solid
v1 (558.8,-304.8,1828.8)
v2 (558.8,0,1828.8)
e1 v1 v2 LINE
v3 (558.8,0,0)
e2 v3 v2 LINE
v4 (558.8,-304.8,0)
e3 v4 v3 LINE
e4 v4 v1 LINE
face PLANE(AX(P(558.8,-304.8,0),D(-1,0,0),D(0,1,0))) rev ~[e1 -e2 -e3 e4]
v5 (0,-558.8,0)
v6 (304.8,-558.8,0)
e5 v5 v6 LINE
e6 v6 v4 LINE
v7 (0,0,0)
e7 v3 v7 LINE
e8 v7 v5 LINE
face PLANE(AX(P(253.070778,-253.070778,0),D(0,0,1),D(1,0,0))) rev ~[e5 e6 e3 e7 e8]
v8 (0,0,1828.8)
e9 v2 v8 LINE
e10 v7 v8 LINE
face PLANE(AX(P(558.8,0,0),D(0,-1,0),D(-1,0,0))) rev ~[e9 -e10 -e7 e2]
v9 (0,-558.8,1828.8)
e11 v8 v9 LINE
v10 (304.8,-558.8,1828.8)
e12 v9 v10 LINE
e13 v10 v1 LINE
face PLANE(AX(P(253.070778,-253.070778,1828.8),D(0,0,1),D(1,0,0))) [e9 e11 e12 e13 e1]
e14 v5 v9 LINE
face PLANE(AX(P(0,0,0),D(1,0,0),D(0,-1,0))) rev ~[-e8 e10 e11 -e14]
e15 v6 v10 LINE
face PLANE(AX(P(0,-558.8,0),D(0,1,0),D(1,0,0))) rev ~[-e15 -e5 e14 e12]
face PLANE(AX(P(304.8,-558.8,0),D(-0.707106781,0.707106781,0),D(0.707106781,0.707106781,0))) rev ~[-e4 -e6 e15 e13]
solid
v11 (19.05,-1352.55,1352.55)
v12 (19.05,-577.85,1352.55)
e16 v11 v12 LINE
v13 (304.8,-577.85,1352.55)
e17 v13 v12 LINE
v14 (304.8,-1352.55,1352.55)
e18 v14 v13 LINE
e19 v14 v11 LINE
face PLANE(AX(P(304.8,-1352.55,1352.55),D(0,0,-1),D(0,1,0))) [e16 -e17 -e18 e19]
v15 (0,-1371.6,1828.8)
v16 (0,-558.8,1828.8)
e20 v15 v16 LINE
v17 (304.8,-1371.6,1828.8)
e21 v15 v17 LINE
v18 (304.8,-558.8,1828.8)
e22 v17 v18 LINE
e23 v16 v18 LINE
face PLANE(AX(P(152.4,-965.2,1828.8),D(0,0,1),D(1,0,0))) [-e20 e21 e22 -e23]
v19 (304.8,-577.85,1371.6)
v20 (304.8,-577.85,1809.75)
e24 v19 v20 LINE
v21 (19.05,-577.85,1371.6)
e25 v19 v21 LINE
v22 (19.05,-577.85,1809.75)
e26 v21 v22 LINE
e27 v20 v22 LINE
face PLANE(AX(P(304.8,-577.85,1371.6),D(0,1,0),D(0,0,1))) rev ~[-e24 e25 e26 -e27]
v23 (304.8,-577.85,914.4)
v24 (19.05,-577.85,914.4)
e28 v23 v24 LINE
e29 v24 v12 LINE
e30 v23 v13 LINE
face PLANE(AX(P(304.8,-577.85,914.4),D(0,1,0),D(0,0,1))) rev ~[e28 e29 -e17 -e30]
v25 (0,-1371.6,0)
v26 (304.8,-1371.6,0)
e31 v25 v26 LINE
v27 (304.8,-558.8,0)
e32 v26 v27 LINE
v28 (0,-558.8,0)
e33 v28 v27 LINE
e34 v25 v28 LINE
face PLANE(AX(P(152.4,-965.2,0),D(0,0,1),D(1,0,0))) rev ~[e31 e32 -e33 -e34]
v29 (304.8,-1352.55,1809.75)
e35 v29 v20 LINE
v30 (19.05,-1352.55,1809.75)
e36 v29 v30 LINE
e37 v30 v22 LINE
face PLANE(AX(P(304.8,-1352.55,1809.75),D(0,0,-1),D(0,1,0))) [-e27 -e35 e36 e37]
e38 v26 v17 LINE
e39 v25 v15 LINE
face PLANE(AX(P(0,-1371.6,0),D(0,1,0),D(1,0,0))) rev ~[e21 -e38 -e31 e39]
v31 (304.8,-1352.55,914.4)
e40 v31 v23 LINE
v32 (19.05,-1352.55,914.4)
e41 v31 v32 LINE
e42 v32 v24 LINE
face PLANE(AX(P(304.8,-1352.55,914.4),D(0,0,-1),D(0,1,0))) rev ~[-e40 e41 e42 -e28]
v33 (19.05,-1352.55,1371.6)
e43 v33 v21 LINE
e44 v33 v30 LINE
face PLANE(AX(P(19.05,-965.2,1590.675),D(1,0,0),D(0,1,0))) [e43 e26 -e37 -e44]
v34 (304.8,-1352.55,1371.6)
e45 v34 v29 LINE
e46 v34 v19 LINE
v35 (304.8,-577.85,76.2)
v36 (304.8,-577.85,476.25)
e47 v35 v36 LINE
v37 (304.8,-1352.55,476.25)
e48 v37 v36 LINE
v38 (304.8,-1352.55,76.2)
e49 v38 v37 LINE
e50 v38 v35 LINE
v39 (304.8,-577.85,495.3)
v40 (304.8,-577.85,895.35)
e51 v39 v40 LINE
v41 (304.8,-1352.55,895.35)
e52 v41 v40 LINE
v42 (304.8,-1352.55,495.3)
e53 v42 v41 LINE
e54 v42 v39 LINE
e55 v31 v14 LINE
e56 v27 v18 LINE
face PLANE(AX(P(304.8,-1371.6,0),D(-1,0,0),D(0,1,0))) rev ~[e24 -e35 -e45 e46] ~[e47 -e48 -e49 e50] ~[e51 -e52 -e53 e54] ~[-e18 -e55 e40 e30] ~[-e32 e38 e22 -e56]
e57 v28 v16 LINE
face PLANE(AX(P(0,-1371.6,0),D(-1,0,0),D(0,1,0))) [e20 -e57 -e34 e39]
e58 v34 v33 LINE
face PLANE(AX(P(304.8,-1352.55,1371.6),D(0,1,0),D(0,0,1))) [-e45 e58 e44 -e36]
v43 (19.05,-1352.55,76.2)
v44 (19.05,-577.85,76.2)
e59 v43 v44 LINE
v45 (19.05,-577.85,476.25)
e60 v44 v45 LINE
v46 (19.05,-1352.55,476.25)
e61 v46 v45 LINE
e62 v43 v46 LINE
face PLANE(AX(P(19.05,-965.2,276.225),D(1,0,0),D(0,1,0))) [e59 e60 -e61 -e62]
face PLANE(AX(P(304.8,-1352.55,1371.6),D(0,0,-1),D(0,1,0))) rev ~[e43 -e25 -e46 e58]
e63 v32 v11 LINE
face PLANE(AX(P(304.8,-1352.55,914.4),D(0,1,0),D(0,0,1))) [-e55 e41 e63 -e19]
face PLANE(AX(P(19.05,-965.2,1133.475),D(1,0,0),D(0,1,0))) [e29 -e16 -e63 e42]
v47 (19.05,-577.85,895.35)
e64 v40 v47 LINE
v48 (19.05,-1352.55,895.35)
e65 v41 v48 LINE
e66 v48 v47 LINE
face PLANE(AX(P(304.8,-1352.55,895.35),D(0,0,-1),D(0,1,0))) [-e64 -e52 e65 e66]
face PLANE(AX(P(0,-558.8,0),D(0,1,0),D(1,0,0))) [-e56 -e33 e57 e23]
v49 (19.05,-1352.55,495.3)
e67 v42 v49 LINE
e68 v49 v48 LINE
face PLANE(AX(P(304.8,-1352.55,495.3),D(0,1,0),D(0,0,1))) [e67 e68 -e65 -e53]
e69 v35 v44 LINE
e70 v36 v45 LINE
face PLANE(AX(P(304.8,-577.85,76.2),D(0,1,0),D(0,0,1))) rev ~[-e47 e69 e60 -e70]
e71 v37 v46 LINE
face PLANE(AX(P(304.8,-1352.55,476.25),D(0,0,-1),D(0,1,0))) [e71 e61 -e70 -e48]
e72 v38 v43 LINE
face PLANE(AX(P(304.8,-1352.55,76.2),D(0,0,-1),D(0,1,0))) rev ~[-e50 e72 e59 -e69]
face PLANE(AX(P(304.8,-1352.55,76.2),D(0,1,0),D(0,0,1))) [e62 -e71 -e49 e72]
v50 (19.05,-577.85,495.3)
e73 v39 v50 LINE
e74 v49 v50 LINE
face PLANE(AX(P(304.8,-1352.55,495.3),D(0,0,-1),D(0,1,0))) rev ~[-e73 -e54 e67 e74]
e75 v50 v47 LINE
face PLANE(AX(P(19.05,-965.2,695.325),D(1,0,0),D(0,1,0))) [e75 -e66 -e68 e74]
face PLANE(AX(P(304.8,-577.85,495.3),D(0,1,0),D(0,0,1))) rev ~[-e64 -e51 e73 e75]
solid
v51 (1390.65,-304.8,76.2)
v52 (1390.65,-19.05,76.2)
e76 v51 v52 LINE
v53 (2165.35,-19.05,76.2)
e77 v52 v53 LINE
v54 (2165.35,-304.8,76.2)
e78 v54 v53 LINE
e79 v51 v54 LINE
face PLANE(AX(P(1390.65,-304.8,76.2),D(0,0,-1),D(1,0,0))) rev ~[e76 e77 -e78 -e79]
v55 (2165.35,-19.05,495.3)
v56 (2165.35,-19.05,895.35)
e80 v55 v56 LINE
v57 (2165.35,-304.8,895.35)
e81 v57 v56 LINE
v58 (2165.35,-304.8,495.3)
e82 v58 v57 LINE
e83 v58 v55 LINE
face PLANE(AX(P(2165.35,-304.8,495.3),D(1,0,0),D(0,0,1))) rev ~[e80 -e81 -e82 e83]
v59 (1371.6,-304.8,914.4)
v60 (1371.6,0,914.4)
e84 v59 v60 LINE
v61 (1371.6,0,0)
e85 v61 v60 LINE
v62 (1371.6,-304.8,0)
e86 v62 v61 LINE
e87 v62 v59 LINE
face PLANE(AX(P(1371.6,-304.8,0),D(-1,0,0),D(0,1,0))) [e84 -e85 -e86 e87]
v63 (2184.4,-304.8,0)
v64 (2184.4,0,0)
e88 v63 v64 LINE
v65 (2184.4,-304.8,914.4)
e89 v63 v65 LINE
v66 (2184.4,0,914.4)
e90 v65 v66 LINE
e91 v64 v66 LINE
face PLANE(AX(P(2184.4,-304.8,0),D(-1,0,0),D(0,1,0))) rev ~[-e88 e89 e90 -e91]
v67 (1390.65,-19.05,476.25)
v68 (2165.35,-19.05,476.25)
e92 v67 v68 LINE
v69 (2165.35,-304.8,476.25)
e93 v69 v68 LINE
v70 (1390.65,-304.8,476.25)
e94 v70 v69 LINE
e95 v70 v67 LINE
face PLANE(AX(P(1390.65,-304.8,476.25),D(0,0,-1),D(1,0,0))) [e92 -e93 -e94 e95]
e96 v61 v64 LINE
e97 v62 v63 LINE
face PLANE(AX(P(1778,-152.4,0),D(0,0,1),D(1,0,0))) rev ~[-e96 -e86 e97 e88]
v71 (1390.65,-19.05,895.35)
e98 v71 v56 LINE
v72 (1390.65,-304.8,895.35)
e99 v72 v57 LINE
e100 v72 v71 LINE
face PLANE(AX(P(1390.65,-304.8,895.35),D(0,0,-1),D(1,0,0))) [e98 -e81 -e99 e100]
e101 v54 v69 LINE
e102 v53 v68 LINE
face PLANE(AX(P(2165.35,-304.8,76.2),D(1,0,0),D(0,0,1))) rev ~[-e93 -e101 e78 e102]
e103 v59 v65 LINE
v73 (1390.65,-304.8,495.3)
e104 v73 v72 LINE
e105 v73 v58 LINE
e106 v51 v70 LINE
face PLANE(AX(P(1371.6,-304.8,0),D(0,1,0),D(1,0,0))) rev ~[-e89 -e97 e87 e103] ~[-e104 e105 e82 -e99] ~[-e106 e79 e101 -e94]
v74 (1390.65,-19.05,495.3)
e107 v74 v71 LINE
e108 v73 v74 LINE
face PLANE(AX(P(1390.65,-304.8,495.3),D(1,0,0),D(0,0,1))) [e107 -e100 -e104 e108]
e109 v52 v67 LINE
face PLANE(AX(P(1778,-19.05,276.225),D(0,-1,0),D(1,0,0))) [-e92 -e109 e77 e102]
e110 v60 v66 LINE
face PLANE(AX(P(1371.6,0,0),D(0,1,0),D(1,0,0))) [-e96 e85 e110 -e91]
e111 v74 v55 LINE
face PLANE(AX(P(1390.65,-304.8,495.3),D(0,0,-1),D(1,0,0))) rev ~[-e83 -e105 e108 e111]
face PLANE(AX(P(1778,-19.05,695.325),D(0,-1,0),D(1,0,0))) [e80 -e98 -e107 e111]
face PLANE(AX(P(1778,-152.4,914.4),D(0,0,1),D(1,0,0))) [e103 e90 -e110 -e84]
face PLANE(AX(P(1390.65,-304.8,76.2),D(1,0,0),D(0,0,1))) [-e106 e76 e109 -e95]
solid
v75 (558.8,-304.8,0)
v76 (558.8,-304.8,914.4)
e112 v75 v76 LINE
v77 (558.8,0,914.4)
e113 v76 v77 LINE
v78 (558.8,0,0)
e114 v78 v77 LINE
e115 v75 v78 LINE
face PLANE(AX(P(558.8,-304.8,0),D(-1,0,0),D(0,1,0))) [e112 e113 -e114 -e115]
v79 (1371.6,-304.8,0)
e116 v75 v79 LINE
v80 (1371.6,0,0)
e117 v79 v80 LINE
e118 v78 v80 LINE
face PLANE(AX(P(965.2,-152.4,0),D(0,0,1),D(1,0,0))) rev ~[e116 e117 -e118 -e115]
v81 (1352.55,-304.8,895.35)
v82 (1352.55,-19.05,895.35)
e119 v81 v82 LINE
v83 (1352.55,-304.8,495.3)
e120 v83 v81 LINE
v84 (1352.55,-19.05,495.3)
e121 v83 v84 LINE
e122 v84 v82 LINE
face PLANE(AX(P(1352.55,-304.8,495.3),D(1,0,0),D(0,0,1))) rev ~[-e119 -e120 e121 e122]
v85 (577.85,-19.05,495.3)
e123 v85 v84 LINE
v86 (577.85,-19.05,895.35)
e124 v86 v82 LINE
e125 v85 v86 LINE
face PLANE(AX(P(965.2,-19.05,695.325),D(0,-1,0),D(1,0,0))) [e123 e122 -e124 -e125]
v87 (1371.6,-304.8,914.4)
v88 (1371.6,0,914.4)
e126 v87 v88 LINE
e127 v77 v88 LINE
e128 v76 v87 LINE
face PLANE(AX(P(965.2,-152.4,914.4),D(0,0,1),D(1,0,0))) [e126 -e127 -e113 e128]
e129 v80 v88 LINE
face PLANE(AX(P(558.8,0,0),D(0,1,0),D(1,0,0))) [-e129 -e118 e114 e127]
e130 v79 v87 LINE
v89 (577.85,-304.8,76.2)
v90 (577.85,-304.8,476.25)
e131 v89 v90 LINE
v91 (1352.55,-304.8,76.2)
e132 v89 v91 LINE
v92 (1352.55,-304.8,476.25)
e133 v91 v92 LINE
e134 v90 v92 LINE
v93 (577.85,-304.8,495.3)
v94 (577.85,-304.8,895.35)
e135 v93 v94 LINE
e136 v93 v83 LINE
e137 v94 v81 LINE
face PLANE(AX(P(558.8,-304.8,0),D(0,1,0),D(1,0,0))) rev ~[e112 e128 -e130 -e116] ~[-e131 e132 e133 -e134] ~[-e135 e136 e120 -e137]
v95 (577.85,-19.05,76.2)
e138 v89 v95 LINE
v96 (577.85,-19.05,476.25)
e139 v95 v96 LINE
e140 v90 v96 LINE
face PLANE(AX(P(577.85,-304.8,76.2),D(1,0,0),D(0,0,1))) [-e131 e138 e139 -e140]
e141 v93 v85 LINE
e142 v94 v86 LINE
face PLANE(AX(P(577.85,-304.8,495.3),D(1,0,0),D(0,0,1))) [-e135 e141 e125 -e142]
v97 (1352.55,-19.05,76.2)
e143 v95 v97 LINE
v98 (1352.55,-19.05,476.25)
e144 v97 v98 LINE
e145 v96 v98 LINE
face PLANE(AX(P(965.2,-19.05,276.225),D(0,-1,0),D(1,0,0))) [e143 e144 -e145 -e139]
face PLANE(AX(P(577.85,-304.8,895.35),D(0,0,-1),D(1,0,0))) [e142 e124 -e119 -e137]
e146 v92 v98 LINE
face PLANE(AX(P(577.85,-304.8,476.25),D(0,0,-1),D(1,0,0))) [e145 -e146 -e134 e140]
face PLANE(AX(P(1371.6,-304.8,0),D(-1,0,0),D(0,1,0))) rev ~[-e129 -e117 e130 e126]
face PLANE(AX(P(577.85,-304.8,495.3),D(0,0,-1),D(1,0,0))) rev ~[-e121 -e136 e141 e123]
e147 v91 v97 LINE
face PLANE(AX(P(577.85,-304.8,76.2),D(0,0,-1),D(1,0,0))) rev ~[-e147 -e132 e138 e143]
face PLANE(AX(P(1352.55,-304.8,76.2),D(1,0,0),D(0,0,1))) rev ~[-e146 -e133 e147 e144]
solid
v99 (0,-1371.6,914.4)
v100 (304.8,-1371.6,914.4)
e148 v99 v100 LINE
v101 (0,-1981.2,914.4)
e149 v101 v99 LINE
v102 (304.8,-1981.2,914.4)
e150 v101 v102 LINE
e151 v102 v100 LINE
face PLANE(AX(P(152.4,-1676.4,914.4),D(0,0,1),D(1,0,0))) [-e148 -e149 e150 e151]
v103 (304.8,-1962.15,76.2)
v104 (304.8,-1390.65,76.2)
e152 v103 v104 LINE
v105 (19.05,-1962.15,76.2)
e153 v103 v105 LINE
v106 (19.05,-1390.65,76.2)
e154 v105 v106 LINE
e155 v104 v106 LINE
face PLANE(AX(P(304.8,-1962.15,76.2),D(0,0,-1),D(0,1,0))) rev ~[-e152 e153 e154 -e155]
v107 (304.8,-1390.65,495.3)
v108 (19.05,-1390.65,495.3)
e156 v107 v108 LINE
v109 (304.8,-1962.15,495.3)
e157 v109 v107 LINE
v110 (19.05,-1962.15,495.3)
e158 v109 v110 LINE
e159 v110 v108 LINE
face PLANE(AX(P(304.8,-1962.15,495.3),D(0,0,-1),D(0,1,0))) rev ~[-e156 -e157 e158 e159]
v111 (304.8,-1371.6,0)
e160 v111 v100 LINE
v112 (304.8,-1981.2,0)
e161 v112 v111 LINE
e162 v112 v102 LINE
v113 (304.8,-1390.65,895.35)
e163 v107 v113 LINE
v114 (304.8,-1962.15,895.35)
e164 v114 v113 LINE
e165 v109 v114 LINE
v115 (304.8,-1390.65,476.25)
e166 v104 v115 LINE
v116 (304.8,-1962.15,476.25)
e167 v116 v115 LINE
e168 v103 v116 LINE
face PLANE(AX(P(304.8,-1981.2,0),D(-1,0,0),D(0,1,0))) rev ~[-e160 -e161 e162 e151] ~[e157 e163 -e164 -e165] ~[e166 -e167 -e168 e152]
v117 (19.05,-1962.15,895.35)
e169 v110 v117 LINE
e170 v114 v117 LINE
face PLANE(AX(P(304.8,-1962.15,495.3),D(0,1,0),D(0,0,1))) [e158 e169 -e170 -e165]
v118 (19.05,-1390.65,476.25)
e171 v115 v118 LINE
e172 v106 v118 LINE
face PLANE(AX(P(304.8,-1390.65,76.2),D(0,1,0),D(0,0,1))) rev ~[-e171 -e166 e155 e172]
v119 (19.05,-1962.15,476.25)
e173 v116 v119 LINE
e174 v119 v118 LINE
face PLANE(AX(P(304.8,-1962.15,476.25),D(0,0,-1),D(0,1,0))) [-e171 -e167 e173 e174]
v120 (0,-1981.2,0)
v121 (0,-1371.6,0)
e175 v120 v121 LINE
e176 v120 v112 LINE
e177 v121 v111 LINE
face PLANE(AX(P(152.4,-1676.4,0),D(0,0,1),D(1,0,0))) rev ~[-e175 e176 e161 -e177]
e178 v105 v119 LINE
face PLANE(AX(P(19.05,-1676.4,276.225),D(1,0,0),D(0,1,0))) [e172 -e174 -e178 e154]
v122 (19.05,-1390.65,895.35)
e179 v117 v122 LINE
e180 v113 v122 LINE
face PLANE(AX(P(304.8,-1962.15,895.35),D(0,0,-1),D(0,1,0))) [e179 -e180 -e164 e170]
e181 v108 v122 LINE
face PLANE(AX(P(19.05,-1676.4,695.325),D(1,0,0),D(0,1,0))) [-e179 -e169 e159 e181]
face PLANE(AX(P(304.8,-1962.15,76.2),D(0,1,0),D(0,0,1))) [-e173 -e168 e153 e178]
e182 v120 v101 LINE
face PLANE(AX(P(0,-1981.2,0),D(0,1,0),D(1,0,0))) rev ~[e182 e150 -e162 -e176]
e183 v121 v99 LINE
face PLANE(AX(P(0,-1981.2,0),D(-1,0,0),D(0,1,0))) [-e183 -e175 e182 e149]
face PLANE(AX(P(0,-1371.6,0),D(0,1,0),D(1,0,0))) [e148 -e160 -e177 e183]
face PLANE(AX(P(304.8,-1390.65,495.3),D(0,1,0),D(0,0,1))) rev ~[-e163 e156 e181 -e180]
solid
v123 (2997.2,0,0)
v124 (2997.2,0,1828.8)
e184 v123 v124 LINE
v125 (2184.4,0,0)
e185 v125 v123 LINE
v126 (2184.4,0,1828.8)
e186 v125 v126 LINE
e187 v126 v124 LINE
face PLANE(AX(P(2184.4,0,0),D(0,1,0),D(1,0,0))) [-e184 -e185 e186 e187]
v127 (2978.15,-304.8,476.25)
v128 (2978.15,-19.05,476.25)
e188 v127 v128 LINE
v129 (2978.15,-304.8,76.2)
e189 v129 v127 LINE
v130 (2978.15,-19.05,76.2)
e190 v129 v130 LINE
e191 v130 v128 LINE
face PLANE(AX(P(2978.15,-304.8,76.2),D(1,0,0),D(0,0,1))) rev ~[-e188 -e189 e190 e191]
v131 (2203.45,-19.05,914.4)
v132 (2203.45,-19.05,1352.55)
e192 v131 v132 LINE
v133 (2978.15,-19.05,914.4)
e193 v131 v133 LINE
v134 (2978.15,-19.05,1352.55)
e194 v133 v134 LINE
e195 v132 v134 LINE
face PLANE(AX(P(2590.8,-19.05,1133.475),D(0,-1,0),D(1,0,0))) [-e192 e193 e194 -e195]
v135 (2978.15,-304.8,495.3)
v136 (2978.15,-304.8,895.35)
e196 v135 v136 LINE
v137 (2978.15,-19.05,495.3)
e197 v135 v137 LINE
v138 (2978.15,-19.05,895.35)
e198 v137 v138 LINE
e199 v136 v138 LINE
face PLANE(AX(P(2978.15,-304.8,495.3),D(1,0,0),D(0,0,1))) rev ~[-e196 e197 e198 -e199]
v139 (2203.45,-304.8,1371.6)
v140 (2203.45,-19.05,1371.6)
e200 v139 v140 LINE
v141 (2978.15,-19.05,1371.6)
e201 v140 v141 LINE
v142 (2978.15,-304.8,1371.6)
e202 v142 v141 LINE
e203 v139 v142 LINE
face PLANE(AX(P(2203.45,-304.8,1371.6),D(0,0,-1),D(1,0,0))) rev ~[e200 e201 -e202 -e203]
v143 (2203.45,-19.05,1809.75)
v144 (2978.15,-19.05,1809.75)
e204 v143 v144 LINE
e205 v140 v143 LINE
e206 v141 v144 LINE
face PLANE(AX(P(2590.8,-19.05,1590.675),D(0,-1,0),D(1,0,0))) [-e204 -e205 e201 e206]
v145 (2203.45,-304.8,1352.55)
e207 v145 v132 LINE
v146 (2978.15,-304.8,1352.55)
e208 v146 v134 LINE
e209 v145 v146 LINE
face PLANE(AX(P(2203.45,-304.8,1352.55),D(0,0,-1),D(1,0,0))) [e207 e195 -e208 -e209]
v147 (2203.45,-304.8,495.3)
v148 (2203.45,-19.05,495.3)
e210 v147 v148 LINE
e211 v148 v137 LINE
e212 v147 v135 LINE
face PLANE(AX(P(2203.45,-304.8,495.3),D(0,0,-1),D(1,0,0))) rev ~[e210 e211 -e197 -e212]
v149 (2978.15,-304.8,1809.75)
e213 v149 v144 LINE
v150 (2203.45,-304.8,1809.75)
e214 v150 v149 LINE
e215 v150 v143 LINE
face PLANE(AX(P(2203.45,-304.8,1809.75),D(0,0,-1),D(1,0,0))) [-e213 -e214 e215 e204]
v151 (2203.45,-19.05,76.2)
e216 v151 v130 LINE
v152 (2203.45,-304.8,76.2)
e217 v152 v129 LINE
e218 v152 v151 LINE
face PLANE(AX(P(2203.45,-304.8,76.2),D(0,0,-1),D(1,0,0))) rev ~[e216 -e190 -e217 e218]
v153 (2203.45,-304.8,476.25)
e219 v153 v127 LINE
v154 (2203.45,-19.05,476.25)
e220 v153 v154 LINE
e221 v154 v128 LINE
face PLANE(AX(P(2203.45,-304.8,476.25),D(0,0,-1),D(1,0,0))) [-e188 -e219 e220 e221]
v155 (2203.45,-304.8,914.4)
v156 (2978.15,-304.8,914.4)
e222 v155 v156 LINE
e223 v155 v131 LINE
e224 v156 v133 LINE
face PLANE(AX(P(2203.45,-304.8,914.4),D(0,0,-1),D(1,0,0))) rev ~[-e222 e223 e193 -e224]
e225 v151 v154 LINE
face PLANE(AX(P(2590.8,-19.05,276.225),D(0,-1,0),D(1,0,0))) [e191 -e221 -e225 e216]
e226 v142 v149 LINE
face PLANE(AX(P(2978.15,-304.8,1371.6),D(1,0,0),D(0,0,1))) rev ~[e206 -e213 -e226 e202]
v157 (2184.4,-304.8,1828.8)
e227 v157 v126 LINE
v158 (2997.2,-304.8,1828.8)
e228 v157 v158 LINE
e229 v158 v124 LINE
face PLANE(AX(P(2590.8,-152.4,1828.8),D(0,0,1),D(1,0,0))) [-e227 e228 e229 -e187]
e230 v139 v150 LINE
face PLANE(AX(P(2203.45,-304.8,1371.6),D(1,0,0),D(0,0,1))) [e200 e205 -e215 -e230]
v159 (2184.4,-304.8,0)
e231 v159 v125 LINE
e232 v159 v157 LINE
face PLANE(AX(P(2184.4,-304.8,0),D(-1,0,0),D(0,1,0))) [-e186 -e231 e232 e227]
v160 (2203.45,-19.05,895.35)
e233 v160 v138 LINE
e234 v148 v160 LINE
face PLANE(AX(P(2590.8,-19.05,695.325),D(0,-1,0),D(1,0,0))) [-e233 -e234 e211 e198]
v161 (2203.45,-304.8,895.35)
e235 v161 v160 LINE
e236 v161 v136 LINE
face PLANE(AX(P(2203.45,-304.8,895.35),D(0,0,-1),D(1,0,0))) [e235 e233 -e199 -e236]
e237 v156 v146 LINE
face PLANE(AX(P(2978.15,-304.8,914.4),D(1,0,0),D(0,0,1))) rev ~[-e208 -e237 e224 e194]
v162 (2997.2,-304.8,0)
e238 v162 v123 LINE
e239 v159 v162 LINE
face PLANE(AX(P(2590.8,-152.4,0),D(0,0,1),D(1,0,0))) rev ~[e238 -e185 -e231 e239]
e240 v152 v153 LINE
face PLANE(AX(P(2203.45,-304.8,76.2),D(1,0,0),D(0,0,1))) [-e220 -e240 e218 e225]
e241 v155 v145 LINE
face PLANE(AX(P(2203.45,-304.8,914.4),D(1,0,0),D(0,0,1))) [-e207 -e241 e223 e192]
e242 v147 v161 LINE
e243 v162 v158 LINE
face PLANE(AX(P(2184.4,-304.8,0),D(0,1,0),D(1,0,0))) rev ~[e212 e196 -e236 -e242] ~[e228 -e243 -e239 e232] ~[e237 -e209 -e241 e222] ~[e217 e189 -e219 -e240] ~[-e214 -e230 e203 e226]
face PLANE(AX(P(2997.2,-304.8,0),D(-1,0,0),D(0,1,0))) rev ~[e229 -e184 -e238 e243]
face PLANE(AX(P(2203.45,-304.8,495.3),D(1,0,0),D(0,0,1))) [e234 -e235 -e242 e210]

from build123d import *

# Parameters (mm, degrees)
F0_W      = 304.8
F0_H      = 609.6
F1_DEPTH  = 914.4
F0_H_2    = 812.8
F2_DEPTH  = 1828.8
F3_DEPTH  = 1828.8
F0_W_2    = 812.8
F0_H_3    = 304.8
F4_DEPTH  = 914.4
F5_DEPTH  = 914.4
F6_DEPTH  = 1828.8
F7_W      = 571.5
F7_H      = 400.05
F7_W_2    = 774.7
F7_H_2    = 438.15
F8_DEPTH  = 285.75
F9_W      = 774.7
F9_H      = 400.05
F9_H_2    = 438.15
F10_DEPTH = 285.75


with BuildPart() as f1:
    # F0 (on Top) → F1 (new body)
    with BuildSketch(Plane.XY):
        with Locations((152.4, -1676.4)):
            Rectangle(F0_W, F0_H)
    extrude(amount=F1_DEPTH)


with BuildPart() as f2:
    # F0 (on Top) → F2 (new body)
    with BuildSketch(Plane.XY):
        with Locations((152.4, -965.2)):
            Rectangle(F0_W, F0_H_2)
    extrude(amount=F2_DEPTH)


with BuildPart() as f3:
    # F0 (on Top) → F3 (new body)
    with BuildSketch(Plane.XY):
        Polygon((558.8, 0), (0, 0), (0, -558.8), (304.8, -558.8), (558.8, -304.8), align=None)
    extrude(amount=F3_DEPTH)


with BuildPart() as f4:
    # F0 (on Top) → F4 (new body)
    with BuildSketch(Plane.XY):
        with Locations((965.2, -152.4)):
            Rectangle(F0_W_2, F0_H_3)
    extrude(amount=F4_DEPTH)


with BuildPart() as f5:
    # F0 (on Top) → F5 (new body)
    with BuildSketch(Plane.XY):
        with Locations((1778, -152.4)):
            Rectangle(F0_W_2, F0_H_3)
    extrude(amount=F5_DEPTH)


with BuildPart() as f6:
    # F0 (on Top) → F6 (new body)
    with BuildSketch(Plane.XY):
        with Locations((2590.8, -152.4)):
            Rectangle(F0_W_2, F0_H_3)
    extrude(amount=F6_DEPTH)


with BuildPart() as f8_tool:
    # F7 (on face) → F8 (new body)
    with BuildSketch(Plane.YZ.offset(304.8)):
        with Locations((-1676.4, 695.325)):
            Rectangle(F7_W, F7_H)
        with Locations((-1676.4, 276.225)):
            Rectangle(F7_W, F7_H)
        with Locations((-965.2, 276.225)):
            Rectangle(F7_W_2, F7_H)
        with Locations((-965.2, 695.325)):
            Rectangle(F7_W_2, F7_H)
        with Locations((-965.2, 1133.475)):
            Rectangle(F7_W_2, F7_H_2)
        with Locations((-965.2, 1590.675)):
            Rectangle(F7_W_2, F7_H_2)
    extrude(amount=-F8_DEPTH)


with BuildPart() as f1_1:
    add(f1.part)

    # F8: cut by f8_tool
    add(f8_tool.part, mode=Mode.SUBTRACT)


with BuildPart() as f2_1:
    add(f2.part)

    # F8: cut by f8_tool
    add(f8_tool.part, mode=Mode.SUBTRACT)


with BuildPart() as f10_tool:
    # F9 (on face) → F10 (new body)
    with BuildSketch(Plane.XZ.offset(304.8)):
        with Locations((965.2, 695.325)):
            Rectangle(F9_W, F9_H)
        with Locations((1778, 695.325)):
            Rectangle(F9_W, F9_H)
        with Locations((2590.8, 695.325)):
            Rectangle(F9_W, F9_H)
        with Locations((965.2, 276.225)):
            Rectangle(F9_W, F9_H)
        with Locations((1778, 276.225)):
            Rectangle(F9_W, F9_H)
        with Locations((2590.8, 276.225)):
            Rectangle(F9_W, F9_H)
        with Locations((2590.8, 1133.475)):
            Rectangle(F9_W, F9_H_2)
        with Locations((2590.8, 1590.675)):
            Rectangle(F9_W, F9_H_2)
    extrude(amount=-F10_DEPTH)


with BuildPart() as f4_1:
    add(f4.part)

    # F10: cut by f10_tool
    add(f10_tool.part, mode=Mode.SUBTRACT)


with BuildPart() as f5_1:
    add(f5.part)

    # F10: cut by f10_tool
    add(f10_tool.part, mode=Mode.SUBTRACT)


with BuildPart() as f6_1:
    add(f6.part)

    # F10: cut by f10_tool
    add(f10_tool.part, mode=Mode.SUBTRACT)


solid = Compound([f3.part, f1_1.part, f2_1.part, f4_1.part, f5_1.part, f6_1.part])
